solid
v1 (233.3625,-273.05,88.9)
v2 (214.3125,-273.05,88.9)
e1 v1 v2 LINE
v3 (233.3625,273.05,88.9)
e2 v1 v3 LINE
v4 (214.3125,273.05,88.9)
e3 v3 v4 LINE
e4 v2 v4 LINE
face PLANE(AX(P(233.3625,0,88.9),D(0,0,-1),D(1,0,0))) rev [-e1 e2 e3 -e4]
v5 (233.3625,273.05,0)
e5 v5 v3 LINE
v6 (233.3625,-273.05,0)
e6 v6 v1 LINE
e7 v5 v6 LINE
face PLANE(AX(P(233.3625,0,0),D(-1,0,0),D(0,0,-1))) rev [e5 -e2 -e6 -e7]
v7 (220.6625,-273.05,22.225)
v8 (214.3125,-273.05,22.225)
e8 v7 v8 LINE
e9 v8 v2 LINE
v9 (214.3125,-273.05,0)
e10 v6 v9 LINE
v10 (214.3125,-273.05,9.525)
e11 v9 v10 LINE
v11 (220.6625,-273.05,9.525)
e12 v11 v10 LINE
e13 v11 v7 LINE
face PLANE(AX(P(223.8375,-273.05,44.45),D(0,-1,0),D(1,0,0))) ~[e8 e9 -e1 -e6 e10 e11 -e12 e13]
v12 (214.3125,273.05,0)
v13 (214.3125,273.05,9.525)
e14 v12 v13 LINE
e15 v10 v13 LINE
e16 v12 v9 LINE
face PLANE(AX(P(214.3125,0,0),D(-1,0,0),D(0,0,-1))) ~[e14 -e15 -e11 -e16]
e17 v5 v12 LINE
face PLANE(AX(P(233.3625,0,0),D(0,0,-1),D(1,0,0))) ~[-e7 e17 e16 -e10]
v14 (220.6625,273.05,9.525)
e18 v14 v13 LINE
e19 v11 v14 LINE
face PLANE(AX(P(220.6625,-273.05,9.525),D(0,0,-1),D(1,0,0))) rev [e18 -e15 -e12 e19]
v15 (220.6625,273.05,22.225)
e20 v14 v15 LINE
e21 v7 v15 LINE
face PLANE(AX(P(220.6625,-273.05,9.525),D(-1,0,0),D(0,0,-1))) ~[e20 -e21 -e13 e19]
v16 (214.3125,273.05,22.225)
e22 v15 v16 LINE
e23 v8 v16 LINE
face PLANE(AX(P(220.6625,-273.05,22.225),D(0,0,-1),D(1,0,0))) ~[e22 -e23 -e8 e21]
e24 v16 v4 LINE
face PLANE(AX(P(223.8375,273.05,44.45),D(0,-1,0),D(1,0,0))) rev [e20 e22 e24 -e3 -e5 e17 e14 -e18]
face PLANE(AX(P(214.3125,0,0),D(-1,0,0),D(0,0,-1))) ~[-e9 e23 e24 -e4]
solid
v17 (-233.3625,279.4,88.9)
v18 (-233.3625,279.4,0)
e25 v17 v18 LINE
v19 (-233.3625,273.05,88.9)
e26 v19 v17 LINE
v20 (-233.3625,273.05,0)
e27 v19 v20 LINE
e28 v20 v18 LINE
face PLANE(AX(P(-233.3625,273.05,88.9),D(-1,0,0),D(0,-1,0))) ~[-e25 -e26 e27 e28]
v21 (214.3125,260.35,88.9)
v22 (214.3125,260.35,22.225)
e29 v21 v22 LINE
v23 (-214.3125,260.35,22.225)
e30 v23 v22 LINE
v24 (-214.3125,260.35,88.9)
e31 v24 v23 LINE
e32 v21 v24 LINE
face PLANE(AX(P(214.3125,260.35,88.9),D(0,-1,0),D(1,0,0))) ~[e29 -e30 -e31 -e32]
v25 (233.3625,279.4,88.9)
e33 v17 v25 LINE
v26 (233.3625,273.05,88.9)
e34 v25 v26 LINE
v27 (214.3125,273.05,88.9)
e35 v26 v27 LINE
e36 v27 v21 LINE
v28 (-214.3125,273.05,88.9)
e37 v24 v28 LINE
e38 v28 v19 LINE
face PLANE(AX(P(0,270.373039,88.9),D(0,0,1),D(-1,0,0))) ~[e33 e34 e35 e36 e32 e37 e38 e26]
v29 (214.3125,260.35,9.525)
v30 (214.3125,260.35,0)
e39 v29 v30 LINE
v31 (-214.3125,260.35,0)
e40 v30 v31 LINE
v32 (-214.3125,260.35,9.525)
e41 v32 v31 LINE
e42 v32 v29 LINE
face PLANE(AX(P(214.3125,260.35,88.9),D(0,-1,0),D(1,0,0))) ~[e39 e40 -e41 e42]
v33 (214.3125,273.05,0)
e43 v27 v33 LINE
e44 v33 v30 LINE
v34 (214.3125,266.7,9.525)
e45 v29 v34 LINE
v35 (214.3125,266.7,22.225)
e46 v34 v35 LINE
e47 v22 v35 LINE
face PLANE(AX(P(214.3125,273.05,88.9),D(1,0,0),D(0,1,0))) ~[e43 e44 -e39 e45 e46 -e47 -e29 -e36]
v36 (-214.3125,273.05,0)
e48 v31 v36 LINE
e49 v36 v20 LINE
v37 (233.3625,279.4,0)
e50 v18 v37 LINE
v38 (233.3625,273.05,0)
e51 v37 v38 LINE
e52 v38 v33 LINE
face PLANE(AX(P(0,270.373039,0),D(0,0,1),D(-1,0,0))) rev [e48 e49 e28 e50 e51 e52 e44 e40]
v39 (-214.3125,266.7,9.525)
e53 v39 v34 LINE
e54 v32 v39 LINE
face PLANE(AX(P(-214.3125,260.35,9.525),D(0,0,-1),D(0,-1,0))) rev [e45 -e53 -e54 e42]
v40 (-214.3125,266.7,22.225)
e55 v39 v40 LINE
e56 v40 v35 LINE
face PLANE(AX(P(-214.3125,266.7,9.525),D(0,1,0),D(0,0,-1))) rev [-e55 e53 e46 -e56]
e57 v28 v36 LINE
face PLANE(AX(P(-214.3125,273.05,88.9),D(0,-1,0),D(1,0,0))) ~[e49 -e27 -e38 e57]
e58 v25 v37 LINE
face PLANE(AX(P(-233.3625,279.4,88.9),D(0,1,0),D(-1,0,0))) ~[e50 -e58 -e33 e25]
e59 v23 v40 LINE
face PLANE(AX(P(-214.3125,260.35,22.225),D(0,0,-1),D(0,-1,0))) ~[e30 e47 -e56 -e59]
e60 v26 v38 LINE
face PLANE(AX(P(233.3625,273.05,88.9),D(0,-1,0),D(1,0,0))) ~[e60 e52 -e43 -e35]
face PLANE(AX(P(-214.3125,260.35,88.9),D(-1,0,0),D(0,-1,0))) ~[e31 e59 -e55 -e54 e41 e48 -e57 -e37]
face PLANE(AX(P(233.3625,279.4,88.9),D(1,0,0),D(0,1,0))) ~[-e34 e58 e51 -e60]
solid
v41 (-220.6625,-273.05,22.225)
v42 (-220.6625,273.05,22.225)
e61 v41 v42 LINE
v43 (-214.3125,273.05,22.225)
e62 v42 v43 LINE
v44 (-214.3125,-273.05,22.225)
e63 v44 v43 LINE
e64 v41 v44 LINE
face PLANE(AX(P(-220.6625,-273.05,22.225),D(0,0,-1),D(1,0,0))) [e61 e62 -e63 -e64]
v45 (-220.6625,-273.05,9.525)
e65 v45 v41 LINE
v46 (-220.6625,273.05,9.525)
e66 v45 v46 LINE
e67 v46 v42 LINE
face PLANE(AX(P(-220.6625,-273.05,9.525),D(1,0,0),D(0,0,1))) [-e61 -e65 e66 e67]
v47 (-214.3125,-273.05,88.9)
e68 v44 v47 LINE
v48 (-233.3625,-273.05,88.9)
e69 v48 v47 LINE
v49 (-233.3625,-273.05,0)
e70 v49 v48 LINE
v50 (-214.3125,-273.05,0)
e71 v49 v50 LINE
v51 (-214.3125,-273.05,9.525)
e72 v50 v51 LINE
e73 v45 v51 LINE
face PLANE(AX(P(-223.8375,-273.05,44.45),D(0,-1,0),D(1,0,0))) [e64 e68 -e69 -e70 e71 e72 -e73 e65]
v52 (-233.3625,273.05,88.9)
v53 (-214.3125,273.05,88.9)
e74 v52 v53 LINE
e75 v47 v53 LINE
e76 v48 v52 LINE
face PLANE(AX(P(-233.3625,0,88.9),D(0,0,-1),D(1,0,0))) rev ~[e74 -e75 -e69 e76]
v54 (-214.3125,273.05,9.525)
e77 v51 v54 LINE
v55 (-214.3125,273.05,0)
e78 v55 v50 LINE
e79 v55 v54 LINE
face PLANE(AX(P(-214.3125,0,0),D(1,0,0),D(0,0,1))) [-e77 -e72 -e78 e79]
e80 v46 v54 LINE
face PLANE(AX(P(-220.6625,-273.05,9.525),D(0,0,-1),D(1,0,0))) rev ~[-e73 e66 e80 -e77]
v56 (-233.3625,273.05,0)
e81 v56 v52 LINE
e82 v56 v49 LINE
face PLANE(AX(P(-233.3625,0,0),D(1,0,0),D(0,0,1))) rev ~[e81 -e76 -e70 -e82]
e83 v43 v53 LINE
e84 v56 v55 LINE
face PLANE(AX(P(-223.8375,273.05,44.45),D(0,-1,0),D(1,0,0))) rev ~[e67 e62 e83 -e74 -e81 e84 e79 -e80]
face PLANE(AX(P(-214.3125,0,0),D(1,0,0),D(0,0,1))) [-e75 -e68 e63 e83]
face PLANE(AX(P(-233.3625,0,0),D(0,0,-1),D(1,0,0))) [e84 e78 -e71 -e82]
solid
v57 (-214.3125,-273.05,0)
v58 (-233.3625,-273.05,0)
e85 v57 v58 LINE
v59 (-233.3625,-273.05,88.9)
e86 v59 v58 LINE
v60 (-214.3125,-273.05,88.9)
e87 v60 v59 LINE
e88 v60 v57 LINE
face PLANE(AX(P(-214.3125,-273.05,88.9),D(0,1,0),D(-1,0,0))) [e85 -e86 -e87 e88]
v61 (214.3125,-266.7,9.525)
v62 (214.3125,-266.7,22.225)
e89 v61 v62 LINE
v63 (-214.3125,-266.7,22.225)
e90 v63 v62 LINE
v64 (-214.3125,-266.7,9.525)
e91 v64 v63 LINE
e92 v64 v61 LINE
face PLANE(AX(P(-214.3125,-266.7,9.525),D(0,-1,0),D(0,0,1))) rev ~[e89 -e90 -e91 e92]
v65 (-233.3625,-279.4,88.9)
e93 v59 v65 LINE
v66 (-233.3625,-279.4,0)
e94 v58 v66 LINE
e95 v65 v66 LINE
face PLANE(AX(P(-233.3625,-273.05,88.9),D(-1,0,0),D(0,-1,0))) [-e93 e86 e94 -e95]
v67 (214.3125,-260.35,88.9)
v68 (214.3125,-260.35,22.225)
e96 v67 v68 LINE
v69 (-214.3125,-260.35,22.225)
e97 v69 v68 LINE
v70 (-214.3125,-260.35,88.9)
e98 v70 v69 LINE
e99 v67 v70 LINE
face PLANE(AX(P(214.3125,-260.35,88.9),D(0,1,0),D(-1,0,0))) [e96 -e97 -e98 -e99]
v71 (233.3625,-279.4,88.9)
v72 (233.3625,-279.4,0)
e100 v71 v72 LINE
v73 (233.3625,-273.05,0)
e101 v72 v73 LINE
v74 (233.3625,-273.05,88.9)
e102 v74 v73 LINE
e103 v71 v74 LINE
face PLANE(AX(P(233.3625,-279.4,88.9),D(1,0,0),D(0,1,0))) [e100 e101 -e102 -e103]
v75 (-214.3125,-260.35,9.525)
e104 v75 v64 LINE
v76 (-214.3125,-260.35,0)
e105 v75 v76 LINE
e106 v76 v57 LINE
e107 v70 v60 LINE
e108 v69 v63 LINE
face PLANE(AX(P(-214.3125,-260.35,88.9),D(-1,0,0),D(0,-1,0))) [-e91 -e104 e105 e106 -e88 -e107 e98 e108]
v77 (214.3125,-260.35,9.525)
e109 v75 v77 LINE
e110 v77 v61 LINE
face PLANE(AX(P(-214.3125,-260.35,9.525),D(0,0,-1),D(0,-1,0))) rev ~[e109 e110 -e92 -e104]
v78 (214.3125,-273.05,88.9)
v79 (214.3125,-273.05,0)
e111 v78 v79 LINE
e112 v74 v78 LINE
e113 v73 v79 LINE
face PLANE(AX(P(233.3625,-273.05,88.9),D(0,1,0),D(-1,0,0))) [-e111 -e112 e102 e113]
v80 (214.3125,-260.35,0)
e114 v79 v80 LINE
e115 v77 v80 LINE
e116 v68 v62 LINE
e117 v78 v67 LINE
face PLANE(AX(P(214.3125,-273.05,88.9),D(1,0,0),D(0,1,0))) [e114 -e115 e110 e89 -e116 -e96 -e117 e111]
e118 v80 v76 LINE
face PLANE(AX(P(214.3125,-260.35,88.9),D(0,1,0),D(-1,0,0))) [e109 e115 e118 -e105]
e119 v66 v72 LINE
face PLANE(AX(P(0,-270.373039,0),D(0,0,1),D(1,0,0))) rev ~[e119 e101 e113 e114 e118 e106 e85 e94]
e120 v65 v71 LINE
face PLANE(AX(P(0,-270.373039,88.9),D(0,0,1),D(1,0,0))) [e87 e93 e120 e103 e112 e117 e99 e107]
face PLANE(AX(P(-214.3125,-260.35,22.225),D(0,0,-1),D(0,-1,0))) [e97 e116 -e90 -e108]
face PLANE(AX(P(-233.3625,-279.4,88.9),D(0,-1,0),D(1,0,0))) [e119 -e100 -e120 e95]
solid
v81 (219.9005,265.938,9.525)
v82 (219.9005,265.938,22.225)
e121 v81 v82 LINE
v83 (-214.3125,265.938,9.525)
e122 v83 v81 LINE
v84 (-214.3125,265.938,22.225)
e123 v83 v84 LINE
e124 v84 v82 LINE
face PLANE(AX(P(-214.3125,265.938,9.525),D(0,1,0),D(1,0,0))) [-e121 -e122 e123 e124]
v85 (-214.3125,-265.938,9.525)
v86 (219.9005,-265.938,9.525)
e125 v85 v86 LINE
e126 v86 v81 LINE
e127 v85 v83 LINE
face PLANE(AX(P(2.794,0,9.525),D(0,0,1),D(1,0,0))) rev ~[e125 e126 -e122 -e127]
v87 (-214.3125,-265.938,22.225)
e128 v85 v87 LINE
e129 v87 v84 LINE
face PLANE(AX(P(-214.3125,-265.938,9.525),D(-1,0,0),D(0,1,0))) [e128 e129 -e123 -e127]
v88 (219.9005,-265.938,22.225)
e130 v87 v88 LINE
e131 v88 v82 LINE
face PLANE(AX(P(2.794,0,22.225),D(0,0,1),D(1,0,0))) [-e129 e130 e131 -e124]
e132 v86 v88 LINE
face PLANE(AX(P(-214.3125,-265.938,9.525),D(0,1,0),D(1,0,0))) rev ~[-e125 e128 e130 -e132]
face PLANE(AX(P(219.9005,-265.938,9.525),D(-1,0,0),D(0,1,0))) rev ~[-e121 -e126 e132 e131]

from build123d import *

# Parameters (mm, degrees)
F0_W      = 19.05
F0_H      = 88.9
F1_DEPTH  = 273.05
F2_W      = 6.35
F2_H      = 12.7
F3_DEPTH  = 546.101
F6_DEPTH  = 88.9
F7_W      = 6.35
F7_H      = 12.7
F8_DEPTH  = 428.625
F10_W     = 434.213
F10_H     = 531.876
F11_DEPTH = 12.7


with BuildPart() as f1:
    # F0 (on Front) → F1 (new body, symmetric)
    with BuildSketch(Plane.XZ):
        with Locations((-223.8375, 44.45)):
            Rectangle(F0_W, F0_H)
    extrude(amount=F1_DEPTH, both=True)

    # F2 (on face) → F3 (cut, through all)
    with BuildSketch(Plane.XZ.offset(273.05)):
        with Locations((-217.4875, 15.875)):
            Rectangle(F2_W, F2_H)
    extrude(amount=-F3_DEPTH, mode=Mode.SUBTRACT)


with BuildPart() as f4_1:
    # F4: instance of F1
    add(f1.part.mirror(Plane.YZ))


with BuildPart() as f6:
    # F5 (on face) → F6 (new body, through all)
    with BuildSketch(Plane.XY.offset(88.9)):
        Polygon((214.3125, -260.35), (-214.3125, -260.35), (-214.3125, -273.05), (-233.3625, -273.05), (-233.3625, -279.4), (233.3625, -279.4), (233.3625, -273.05), (214.3125, -273.05), align=None)
    extrude(amount=-F6_DEPTH)

    # F7 (on face) → F8 (cut, through all)
    with BuildSketch(Plane(origin=(-214.3125, 0, 0), x_dir=(0, -1, 0), z_dir=(-1, 0, 0))):
        with Locations((263.525, 15.875)):
            Rectangle(F7_W, F7_H)
    extrude(amount=-F8_DEPTH, mode=Mode.SUBTRACT)


with BuildPart() as f9_1:
    # F9: instance of F6
    add(f6.part.mirror(Plane.XZ))


with BuildPart() as f11:
    # F10 (on face) → F11 (new body)
    with BuildSketch(Plane.XY.offset(9.525)):
        with Locations((2.794, 0)):
            Rectangle(F10_W, F10_H)
    extrude(amount=F11_DEPTH)


solid = Compound([f1.part, f4_1.part, f6.part, f9_1.part, f11.part])
